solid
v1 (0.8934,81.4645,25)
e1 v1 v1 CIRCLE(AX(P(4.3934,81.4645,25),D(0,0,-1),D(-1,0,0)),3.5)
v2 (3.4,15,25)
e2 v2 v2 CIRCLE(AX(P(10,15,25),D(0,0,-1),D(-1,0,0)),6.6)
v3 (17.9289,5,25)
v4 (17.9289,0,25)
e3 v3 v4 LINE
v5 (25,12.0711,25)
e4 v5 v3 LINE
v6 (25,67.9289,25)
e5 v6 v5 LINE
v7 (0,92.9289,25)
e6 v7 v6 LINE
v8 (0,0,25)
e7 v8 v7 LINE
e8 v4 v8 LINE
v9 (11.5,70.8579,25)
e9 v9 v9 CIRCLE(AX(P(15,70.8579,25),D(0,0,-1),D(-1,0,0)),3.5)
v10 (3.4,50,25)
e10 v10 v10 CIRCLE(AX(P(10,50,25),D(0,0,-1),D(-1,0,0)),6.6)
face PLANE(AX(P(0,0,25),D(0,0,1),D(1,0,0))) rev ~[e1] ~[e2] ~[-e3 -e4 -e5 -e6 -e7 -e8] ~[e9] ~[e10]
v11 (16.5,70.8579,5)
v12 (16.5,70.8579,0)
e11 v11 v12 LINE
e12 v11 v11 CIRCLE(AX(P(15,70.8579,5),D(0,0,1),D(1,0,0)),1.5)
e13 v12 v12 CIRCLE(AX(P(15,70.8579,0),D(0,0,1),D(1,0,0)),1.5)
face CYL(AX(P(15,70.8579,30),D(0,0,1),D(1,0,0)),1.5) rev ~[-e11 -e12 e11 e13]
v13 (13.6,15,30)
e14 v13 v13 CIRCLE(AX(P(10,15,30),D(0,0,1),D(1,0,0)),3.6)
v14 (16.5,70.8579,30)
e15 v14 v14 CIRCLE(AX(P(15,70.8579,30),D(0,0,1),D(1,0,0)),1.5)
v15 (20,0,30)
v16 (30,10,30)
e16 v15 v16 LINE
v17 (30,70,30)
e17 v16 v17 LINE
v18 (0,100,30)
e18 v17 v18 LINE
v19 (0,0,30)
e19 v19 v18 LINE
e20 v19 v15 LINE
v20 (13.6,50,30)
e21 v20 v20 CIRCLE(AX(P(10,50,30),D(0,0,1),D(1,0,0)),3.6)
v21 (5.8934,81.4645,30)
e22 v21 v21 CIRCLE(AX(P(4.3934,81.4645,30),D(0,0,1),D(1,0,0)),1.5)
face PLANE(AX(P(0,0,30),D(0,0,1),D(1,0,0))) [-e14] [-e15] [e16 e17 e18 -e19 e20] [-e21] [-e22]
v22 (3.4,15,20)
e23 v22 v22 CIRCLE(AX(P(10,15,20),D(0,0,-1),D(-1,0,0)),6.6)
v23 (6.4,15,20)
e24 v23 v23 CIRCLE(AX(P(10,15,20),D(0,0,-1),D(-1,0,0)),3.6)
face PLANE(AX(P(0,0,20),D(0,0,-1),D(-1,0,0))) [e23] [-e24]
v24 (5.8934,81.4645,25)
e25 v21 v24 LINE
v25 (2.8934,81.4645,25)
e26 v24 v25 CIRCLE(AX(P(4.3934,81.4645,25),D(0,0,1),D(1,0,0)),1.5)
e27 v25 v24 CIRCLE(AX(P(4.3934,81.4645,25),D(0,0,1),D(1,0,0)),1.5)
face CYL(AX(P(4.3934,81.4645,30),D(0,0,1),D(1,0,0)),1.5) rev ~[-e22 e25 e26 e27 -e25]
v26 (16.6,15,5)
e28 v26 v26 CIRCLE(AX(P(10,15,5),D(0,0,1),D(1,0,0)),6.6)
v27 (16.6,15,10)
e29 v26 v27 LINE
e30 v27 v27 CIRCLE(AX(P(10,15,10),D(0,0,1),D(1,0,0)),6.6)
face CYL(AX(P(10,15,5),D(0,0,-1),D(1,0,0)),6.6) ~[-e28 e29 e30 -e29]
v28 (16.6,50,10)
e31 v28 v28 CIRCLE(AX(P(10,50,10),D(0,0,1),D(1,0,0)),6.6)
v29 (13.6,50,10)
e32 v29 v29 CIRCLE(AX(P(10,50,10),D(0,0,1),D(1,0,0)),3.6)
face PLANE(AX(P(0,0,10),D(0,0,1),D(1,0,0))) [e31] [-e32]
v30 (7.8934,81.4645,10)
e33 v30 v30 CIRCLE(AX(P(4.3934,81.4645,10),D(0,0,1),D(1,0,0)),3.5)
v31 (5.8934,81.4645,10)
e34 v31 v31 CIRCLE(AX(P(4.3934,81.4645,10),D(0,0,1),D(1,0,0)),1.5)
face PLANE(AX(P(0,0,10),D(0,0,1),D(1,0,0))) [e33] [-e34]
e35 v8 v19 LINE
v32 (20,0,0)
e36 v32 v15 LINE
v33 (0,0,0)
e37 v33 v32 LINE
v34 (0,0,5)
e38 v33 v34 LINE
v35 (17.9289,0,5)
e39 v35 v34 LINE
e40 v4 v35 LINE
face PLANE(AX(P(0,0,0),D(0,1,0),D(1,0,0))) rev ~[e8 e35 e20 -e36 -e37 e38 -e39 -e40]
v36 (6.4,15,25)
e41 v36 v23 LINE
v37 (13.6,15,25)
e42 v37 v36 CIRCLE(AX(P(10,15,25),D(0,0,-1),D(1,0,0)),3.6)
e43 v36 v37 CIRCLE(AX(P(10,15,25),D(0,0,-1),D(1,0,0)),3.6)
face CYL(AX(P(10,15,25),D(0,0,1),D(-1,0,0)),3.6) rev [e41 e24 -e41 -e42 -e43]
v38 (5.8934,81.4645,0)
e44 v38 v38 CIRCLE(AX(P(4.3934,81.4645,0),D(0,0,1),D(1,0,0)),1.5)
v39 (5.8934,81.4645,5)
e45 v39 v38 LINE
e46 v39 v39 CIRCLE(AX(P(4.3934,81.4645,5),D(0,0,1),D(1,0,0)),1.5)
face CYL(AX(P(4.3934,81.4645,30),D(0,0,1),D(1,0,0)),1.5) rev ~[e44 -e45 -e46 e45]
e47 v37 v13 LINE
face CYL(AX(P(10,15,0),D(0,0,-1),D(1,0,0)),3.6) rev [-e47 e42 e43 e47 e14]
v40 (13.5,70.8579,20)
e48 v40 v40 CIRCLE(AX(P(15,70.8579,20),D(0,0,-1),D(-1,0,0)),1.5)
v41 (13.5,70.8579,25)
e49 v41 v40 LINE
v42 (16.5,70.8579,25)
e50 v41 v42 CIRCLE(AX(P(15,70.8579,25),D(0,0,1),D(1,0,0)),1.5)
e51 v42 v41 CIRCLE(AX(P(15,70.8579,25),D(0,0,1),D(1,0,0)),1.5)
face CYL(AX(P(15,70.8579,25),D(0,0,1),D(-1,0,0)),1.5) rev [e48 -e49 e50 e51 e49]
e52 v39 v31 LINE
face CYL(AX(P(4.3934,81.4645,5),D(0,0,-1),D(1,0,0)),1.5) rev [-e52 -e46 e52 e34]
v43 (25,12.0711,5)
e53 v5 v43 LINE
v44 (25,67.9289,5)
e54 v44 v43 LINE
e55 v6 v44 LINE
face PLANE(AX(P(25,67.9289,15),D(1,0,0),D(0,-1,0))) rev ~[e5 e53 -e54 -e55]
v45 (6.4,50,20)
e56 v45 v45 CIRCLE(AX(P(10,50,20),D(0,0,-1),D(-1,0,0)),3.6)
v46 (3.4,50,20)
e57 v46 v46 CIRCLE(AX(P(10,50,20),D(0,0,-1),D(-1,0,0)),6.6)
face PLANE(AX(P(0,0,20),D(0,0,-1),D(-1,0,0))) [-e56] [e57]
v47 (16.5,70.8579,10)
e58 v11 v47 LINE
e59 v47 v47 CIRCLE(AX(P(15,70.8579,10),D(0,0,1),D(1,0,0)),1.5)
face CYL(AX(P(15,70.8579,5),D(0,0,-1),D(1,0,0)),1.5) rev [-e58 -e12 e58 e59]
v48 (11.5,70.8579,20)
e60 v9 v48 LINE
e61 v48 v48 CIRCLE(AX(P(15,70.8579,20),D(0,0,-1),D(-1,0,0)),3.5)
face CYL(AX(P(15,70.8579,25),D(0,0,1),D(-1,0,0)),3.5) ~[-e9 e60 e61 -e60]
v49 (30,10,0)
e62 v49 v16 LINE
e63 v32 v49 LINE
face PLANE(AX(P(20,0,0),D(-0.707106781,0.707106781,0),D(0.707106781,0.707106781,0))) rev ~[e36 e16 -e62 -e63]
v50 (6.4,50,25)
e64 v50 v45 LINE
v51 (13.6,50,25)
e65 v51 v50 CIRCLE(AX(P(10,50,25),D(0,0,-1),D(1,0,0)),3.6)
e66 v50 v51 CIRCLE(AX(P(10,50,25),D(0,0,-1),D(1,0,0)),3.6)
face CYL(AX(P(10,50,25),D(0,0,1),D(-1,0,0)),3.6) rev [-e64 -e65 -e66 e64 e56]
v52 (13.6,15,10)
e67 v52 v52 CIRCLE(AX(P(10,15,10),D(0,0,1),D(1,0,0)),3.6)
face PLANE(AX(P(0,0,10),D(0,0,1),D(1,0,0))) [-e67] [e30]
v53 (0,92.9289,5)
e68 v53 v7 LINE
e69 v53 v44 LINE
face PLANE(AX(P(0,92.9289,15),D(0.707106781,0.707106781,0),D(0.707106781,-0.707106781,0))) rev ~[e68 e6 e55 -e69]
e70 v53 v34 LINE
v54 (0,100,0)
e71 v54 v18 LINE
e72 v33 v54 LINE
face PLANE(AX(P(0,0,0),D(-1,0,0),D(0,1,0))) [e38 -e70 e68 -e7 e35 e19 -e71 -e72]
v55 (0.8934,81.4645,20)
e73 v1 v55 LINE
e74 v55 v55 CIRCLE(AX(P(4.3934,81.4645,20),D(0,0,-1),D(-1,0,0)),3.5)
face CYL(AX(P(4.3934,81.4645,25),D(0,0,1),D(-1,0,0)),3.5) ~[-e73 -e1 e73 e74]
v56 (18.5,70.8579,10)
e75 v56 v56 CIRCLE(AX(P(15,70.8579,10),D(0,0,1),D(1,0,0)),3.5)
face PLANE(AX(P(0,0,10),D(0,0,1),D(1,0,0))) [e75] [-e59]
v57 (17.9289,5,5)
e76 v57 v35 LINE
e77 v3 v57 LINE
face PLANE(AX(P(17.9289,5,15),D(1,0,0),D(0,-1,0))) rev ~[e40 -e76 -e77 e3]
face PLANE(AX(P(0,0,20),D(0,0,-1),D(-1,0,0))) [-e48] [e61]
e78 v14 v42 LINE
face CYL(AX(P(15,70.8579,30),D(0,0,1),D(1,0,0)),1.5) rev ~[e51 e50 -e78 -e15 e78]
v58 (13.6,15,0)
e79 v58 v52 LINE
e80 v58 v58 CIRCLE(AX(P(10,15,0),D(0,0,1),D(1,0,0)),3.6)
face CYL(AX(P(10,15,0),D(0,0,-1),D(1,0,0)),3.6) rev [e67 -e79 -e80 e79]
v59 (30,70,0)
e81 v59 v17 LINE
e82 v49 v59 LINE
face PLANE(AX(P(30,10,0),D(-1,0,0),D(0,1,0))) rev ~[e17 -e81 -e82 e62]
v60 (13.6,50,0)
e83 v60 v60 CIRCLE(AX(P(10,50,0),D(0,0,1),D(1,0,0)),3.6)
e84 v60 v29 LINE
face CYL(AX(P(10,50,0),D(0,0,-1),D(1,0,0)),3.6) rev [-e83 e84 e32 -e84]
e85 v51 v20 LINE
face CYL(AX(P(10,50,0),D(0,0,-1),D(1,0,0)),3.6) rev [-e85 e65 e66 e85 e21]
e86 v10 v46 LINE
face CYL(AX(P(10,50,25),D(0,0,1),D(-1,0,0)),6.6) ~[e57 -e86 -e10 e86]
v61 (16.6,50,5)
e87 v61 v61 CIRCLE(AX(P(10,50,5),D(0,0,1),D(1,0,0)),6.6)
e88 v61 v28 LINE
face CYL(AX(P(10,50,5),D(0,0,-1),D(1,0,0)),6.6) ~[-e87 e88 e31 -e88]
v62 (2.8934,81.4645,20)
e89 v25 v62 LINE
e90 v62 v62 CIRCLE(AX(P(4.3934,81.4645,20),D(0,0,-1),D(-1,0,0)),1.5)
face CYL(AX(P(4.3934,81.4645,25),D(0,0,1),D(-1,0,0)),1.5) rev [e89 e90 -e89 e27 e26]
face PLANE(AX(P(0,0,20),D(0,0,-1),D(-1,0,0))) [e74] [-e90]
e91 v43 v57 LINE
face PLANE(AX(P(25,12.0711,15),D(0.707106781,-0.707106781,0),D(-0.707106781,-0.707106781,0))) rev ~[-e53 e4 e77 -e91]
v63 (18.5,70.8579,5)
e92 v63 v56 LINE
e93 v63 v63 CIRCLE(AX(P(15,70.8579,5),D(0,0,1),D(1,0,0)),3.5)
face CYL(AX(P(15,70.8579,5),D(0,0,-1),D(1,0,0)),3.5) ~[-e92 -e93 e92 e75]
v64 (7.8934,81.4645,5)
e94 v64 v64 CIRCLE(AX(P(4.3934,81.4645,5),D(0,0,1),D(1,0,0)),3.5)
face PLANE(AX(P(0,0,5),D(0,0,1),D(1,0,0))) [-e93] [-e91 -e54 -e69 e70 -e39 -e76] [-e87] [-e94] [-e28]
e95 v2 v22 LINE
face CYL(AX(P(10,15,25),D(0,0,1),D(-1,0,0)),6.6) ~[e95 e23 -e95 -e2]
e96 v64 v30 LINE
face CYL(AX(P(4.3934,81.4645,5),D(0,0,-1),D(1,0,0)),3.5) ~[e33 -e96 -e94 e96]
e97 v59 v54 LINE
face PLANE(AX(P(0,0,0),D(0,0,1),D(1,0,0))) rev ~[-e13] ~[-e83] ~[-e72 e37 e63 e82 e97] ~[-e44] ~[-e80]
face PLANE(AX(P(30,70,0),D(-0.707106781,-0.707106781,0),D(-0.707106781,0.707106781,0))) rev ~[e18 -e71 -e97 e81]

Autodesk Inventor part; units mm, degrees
ref_plane "YZ Plane" through (0, 0, 0) normal (1, 0, 0) x (0, 1, 0)
ref_plane "XZ Plane" through (0, 0, 0) normal (0, 1, 0) x (-1, 0, 0)
sketch "Sketch3" plane through (0, 0, 0) normal (0, 0, 1) x (1, 0, 0)
  line L0 (0, 0) -> (0, 100)
  line L1 (0, 0) -> (20, 0)
  line L2 (20, 0) -> (30, 10)
  line L3 (30, 10) -> (30, 70)
  line L4 (30, 70) -> (0, 100)
  circle A0 centre (10, 15) radius 3.6
  circle A1 centre (10, 50) radius 3.6
  point P0 (10, 0)
  dimension "d6" = 100
  dimension "d7" = 20
  dimension "d13" = 10
  dimension "d14" = 10
  dimension "d15" = 7.2
  dimension "d16" = 7.2
  dimension "d17" = 35
  dimension "d18" = 15
  dimension "d33" = 135
extrude "Extrusion1" add sketch "Sketch3" along normal blind 30
ref_plane "Work Plane1" through (0, 0, 15) normal (0, 0, 1) x (1, 0, 0)
sketch "Sketch4" plane through (0, 0, 15) normal (0, 0, 1) x (1, 0, 0)
  line L0 (0, 100) -> (30, 70) projected
  line L1 (30, 70) -> (30, 10) projected
  line L2 (30, 10) -> (20, 0) projected
  line L3 (20, 0) -> (0, 0) projected
  line L4 (0, 92.9289) -> (25, 67.9289)
  line L5 (25, 67.9289) -> (25, 12.0711)
  line L6 (25, 12.0711) -> (17.9289, 5)
  line L7 (0, 0) -> (0, 100) projected
  line L8 (0, 5) -> (0, 92.9289)
  line L9 (17.9289, 5) -> (17.9289, 0)
  line L10 (17.9289, 0) -> (0, 0)
  line L11 (0, 5) -> (0, 0)
  dimension "d21" = 5
extrude "Extrusion2" cut sketch "Sketch4" along normal mid plane 20 contours L4 L5 L6 L9 L3 L7
sketch "Sketch5" plane through (0, 0, 30) normal (0, 0, 1) x (1, 0, 0)
  circle A0 centre (4.3934, 81.4645) radius 1.5
  circle A1 centre (15, 70.8579) radius 1.5
  line L0 (30, 70) -> (0, 100) construction
  line L1 (4.3934, 81.4645) -> (5.8076, 80.0503) construction
  line L2 (5.8076, 80.0503) -> (12.8787, 87.1213) construction
  line L3 (5.8076, 80.0503) -> (15, 70.8579) construction
  point P0 (0, 0)
  point P1 (15, 85)
  dimension "d24" = 3
  dimension "d25" = 3
  dimension "d35" = 2
  dimension "d37" = 13
  dimension "d38" = 10
extrude "Extrusion3" cut sketch "Sketch5" against normal through all
sketch "Sketch7" plane through (0, 0, 5) normal (0, 0, 1) x (1, 0, 0)
  circle A0 centre (10, 50) radius 3.6 projected
  circle A1 centre (10, 15) radius 3.6 projected
  circle A2 centre (10, 50) radius 6.6
  circle A3 centre (10, 15) radius 6.6
  point P0 (0, 0)
  dimension "d45" = 3
  dimension "d46" = 3
extrude "Extrusion5" add sketch "Sketch7" along normal blind 5
sketch "Sketch8" plane through (0, 0, 25) normal (0, 0, -1) x (-1, 0, 0)
  circle A0 centre (-10, 50) radius 3.6 projected
  circle A1 centre (-10, 15) radius 3.6 projected
  circle A2 centre (-10, 50) radius 6.6
  circle A3 centre (-10, 15) radius 6.6
  point P0 (0, 0)
  dimension "d49" = 3
  dimension "d50" = 3
extrude "Extrusion6" add sketch "Sketch8" along normal blind 5
sketch "Sketch9" plane through (0, 0, 5) normal (0, 0, 1) x (1, 0, 0)
  circle A0 centre (4.3934, 81.4645) radius 1.5 projected
  circle A1 centre (15, 70.8579) radius 1.5 projected
  circle A2 centre (4.3934, 81.4645) radius 3.5
  circle A3 centre (15, 70.8579) radius 3.5
  point P0 (0, 0)
  dimension "d53" = 2
  dimension "d54" = 2
extrude "Extrusion7" add sketch "Sketch9" along normal blind 5
sketch "Sketch10" plane through (0, 0, 25) normal (0, 0, -1) x (-1, 0, 0)
  circle A0 centre (-4.3934, 81.4645) radius 1.5 projected
  circle A1 centre (-15, 70.8579) radius 1.5 projected
  circle A2 centre (-4.3934, 81.4645) radius 3.5
  circle A3 centre (-15, 70.8579) radius 3.5
  point P0 (0, 0)
  dimension "d57" = 2
  dimension "d58" = 2
extrude "Extrusion8" add sketch "Sketch10" along normal blind 5
properties part number "GA005" material "ABS Plastic"
